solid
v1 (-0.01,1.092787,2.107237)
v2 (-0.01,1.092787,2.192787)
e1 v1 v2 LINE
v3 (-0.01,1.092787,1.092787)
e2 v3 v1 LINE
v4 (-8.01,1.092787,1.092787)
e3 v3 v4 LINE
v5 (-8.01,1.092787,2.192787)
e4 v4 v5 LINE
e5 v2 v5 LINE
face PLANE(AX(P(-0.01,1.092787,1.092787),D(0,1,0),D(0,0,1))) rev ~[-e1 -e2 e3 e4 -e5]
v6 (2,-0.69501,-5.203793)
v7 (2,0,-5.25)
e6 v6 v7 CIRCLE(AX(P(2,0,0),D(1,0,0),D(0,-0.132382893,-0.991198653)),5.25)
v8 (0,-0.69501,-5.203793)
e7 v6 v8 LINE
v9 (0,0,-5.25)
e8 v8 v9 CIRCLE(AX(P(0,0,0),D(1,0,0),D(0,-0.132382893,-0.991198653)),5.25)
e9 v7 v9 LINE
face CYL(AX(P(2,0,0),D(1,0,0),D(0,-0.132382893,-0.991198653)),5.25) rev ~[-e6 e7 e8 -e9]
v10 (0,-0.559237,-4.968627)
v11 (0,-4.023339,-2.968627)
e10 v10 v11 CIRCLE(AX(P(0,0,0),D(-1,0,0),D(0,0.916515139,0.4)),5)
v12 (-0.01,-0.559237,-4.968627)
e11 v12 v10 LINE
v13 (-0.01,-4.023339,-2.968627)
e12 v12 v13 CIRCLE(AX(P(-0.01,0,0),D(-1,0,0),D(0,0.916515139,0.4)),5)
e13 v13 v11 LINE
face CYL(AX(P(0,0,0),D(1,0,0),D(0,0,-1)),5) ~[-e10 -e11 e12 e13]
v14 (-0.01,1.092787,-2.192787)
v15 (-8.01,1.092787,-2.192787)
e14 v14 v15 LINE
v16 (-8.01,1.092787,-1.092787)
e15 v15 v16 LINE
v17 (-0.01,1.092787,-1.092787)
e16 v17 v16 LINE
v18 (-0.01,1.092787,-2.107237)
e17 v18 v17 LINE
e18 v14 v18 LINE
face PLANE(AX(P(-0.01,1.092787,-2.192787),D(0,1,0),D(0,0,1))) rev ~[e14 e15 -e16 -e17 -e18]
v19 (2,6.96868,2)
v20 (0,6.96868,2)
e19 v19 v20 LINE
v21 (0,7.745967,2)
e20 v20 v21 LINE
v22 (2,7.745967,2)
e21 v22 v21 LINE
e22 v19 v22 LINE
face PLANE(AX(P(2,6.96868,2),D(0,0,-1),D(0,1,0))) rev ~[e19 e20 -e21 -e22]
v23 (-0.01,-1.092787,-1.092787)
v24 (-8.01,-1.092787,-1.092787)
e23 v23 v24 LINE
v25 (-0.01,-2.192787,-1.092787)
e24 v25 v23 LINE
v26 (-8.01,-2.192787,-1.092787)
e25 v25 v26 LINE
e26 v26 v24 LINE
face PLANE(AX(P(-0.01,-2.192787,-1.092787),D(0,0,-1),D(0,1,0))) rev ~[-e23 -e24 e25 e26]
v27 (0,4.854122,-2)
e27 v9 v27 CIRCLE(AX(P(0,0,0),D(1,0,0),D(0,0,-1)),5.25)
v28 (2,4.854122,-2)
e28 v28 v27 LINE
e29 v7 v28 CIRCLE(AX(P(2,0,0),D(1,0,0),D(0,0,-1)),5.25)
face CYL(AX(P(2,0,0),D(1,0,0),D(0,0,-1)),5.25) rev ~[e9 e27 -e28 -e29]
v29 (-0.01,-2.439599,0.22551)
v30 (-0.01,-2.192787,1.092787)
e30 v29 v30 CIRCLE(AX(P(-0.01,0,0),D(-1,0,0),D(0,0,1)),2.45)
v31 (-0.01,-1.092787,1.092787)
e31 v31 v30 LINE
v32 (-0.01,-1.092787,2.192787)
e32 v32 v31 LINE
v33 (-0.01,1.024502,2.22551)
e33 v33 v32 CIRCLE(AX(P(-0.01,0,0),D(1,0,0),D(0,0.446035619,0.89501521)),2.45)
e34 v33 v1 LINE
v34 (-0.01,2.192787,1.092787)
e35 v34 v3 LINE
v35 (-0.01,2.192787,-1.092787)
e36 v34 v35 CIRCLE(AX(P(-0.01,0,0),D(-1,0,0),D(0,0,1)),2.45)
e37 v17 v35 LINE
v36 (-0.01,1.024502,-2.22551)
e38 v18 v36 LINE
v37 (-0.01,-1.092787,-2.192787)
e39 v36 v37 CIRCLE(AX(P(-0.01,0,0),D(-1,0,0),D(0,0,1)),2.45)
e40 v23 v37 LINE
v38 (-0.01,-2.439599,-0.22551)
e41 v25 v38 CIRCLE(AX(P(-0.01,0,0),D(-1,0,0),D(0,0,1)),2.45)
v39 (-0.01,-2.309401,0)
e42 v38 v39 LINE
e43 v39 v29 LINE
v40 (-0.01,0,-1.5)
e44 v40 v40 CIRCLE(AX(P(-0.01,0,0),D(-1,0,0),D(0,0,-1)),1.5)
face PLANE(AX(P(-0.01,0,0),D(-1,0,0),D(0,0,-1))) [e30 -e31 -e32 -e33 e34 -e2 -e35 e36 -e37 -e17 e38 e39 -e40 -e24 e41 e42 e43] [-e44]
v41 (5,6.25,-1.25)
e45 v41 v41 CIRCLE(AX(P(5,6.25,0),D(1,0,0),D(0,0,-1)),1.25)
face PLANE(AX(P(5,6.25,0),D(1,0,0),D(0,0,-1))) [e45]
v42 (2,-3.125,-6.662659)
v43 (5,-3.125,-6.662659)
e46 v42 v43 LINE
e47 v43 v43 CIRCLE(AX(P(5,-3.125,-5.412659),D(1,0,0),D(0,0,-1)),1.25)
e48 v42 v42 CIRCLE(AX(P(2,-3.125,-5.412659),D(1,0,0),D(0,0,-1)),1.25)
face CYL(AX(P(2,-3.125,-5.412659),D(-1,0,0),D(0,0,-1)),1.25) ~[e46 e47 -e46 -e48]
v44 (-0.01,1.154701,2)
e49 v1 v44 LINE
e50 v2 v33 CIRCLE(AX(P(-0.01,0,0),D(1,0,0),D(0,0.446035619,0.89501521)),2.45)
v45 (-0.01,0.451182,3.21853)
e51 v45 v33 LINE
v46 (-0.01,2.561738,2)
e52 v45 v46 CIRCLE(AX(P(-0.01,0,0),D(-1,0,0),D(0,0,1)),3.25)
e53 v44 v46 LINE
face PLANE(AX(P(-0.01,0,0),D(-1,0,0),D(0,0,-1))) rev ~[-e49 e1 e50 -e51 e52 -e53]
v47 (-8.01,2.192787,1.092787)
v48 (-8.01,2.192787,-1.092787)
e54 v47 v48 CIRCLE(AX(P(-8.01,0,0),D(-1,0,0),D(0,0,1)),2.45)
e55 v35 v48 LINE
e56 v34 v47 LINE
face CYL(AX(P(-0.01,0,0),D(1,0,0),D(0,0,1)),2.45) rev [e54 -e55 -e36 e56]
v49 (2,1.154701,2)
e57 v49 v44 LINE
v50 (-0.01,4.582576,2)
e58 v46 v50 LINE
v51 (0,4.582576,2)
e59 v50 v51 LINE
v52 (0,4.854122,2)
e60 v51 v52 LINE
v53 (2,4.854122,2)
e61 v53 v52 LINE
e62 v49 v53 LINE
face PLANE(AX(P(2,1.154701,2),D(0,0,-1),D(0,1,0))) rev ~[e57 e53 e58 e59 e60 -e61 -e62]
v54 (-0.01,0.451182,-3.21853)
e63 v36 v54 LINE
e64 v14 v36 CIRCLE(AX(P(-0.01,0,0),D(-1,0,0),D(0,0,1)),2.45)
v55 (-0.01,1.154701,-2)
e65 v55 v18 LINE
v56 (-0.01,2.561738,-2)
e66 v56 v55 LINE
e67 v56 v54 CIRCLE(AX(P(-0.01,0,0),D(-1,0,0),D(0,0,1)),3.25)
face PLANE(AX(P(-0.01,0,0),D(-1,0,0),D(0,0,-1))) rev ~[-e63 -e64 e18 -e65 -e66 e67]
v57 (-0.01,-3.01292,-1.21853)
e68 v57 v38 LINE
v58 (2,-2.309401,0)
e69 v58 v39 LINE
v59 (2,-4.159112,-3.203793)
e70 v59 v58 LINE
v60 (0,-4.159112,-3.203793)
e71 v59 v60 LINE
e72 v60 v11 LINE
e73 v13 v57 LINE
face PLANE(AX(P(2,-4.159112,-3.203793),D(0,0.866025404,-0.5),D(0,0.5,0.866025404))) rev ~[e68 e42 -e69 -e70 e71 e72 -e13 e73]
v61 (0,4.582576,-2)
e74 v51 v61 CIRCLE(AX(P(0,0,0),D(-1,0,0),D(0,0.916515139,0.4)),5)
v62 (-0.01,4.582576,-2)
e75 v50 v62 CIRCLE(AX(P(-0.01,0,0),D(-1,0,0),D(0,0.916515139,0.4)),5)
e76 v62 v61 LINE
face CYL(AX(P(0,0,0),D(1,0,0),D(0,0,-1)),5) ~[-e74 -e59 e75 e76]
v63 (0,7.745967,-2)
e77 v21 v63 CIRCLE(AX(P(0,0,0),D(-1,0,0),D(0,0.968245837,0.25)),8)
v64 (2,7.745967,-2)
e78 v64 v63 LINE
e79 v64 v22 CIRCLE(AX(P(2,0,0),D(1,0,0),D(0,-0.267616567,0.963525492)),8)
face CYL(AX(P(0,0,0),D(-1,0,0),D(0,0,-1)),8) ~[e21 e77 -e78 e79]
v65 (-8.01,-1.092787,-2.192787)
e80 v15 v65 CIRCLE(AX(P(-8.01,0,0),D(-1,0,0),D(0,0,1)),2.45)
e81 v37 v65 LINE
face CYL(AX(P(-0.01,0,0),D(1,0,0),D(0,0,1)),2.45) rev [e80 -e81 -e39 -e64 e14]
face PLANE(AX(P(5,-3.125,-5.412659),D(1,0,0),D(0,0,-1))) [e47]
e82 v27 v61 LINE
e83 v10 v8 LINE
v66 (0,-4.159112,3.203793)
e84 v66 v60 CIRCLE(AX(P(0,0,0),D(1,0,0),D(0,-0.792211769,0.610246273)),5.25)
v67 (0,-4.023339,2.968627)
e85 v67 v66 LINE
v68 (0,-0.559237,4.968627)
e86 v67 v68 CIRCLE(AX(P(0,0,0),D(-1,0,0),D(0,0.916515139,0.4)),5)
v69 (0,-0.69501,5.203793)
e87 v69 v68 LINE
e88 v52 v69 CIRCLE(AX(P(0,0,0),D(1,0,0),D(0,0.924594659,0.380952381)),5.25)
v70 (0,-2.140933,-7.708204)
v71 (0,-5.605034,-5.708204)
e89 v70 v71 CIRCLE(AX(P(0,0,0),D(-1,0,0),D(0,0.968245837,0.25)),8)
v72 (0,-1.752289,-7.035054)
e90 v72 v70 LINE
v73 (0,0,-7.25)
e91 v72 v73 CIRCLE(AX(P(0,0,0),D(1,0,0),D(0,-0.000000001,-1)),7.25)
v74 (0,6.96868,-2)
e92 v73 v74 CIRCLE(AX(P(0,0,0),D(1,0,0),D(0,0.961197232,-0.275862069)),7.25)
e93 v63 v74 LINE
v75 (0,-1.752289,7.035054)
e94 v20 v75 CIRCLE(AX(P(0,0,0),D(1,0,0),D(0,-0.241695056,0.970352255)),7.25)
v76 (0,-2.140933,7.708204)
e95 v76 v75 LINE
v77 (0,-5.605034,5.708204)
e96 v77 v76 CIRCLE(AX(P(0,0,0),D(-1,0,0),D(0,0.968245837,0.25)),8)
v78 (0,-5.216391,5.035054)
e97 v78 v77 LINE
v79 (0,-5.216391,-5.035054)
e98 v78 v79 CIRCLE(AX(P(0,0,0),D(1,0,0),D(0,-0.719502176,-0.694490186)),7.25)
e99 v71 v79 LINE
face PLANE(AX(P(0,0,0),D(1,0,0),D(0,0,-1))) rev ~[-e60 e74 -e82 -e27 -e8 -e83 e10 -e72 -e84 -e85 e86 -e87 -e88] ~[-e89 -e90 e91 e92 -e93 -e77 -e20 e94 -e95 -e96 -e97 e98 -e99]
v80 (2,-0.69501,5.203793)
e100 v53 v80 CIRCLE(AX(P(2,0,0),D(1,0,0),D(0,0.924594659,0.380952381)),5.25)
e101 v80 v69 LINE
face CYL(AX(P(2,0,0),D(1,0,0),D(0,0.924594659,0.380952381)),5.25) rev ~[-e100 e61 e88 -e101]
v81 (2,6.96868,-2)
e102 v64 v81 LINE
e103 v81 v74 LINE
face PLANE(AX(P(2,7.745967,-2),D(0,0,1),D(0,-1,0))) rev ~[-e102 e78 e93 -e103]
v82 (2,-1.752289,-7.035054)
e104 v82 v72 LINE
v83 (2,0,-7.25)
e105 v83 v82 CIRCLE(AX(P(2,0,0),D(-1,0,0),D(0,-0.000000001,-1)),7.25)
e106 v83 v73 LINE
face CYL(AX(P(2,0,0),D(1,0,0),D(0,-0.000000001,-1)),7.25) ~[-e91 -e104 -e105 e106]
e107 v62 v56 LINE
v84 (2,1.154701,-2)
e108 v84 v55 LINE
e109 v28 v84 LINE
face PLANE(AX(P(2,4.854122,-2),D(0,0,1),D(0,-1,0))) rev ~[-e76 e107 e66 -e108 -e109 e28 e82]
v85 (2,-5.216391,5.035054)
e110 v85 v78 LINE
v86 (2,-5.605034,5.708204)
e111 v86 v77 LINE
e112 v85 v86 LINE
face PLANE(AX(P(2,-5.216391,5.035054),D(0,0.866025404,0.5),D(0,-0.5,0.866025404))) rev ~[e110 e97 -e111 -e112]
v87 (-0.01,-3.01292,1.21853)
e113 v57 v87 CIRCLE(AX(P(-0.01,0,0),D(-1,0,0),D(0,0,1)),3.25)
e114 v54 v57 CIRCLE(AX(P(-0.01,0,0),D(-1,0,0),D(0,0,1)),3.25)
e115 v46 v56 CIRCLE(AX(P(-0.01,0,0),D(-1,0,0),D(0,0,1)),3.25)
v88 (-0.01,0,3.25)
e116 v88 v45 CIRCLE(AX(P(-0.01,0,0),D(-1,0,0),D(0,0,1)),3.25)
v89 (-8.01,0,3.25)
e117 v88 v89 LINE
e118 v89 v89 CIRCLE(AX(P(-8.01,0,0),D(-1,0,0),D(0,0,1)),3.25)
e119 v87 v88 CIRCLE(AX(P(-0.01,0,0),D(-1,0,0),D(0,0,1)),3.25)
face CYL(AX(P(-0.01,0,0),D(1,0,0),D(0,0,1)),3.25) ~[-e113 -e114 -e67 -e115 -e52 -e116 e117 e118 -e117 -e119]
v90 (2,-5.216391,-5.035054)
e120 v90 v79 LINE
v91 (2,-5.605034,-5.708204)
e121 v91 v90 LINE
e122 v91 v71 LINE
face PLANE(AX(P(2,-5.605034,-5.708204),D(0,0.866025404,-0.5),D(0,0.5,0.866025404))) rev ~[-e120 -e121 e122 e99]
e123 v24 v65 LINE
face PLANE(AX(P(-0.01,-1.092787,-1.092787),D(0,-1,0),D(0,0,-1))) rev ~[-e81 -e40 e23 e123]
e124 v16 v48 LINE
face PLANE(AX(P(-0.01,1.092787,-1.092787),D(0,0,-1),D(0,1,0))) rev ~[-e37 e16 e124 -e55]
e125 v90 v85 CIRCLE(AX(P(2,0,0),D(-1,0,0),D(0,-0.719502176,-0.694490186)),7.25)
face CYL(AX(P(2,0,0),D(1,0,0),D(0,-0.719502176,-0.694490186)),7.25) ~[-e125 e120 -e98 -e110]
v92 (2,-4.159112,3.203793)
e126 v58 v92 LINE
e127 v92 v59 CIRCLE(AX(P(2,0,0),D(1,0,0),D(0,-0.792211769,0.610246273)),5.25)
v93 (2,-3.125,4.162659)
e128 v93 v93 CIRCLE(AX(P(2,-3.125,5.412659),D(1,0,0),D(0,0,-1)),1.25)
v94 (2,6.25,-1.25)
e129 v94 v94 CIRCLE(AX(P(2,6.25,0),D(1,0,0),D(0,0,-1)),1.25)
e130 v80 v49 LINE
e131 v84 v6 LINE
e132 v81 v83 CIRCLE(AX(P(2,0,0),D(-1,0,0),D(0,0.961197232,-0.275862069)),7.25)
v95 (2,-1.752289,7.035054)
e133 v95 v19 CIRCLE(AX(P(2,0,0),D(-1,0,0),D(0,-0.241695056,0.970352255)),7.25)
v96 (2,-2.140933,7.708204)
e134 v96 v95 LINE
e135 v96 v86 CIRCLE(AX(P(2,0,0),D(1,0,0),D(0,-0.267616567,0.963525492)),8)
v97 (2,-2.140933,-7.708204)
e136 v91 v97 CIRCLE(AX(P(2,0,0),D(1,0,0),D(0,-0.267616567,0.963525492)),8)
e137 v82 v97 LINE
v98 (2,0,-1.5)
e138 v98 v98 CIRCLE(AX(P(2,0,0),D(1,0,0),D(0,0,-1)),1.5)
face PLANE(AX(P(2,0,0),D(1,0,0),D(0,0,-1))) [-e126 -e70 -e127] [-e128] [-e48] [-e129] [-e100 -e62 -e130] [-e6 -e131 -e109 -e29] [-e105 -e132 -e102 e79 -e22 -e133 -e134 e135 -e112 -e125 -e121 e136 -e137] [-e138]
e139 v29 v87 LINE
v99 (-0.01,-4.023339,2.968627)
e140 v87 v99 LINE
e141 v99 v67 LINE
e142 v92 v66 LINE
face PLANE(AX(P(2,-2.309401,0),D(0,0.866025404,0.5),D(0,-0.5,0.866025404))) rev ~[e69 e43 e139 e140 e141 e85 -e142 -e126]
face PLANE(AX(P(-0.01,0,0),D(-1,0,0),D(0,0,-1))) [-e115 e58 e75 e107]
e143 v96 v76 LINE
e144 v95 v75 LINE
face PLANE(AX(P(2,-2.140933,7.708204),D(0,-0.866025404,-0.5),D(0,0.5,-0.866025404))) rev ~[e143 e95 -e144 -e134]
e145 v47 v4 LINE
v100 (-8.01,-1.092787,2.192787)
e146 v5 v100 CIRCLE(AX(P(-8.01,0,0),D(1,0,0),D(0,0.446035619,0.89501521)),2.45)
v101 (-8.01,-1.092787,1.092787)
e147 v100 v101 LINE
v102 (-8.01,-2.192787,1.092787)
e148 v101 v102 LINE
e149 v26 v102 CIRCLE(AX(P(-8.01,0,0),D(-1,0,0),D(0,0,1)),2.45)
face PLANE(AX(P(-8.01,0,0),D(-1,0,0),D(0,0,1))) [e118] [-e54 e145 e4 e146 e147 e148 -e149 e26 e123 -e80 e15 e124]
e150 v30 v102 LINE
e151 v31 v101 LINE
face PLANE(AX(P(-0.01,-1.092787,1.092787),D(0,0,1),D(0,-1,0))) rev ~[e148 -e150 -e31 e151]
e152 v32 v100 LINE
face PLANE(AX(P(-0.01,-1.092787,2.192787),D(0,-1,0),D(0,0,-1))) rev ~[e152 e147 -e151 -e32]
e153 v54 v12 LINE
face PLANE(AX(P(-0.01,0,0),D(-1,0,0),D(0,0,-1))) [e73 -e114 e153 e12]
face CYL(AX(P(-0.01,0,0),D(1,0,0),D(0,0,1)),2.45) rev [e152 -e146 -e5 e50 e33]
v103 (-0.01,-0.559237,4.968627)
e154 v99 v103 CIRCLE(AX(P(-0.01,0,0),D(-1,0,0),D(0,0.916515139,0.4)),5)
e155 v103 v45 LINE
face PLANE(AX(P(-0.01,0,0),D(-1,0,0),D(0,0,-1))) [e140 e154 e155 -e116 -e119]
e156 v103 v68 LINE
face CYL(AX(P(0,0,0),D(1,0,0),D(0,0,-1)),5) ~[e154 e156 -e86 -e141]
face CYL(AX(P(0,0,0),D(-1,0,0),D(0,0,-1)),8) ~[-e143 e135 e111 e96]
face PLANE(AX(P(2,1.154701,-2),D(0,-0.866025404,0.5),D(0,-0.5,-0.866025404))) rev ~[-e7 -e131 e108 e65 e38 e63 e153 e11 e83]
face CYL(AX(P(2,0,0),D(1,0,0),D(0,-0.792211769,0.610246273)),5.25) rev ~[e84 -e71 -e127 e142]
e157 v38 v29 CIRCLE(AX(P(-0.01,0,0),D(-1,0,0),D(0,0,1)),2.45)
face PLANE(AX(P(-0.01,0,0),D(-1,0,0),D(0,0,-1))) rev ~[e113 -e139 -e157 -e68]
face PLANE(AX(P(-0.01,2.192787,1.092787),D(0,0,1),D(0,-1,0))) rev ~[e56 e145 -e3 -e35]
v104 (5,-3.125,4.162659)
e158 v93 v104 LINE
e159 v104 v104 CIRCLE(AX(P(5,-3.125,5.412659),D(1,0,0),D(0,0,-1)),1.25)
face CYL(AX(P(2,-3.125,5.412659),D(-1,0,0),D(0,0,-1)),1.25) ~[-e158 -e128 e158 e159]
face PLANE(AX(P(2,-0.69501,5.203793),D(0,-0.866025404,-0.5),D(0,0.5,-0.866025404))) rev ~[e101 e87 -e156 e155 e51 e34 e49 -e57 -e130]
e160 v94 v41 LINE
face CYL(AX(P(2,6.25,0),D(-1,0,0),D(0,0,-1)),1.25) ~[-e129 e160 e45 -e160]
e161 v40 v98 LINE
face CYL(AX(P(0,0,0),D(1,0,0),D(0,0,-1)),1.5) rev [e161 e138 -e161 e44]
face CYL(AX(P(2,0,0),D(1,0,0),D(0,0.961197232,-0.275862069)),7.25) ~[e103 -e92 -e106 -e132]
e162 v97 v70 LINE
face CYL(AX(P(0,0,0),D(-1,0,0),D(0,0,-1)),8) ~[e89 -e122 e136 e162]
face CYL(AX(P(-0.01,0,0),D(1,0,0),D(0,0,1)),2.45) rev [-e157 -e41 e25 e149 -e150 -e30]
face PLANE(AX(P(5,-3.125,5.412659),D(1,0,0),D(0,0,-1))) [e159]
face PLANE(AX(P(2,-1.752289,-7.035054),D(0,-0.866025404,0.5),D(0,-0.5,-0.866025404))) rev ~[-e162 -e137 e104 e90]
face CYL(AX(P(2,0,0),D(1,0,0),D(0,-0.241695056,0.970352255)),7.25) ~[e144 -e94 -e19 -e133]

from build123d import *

# Parameters (mm, degrees)
SKETCH_1_R               = 8
EXTRUDE_1_DEPTH          = 2
EXTRUDE_START            = 2
SKETCH_1_3_R             = 1.25
EXTRUDE_2_DEPTH          = 3
SKETCH_2_R               = 5
SKETCH_2_R_2             = 1.5
EXTRUDE_3_DEPTH          = 0.01
SKETCH_3_R               = 3.25
SKETCH_3_R_2             = 2.45
EXTRUDE_4_DEPTH          = 8
CUT_EXTRUDE_1_DEPTH      = 14.862182368
CUT_EXTRUDE_1_DEPTH_BACK = 14.862182368
SKETCH_2_2_R             = 1.5
CUT_EXTRUDE_2_REACH      = 17.106


with BuildPart() as part:
    # 草图1 → 凸台-拉伸1 (new body)
    with BuildSketch(Plane(origin=(0, 0, 0), x_dir=(0, 0, -1), z_dir=(1, 0, 0))):
        Circle(SKETCH_1_R)
    extrude(amount=EXTRUDE_1_DEPTH)

    # 草图1<3> → 凸台-拉伸2 (add)
    with BuildSketch(Plane(origin=(0, 0, 0), x_dir=(0, 0, -1), z_dir=(1, 0, 0)).offset(EXTRUDE_START)):
        with Locations((0, 6.25)):
            Circle(SKETCH_1_3_R)
        with Locations((-5.412658774, -3.125)):
            Circle(SKETCH_1_3_R)
        with Locations((5.412658774, -3.125)):
            Circle(SKETCH_1_3_R)
    extrude(amount=EXTRUDE_2_DEPTH)

    # 草图2 → 凸台-拉伸3 (add)
    with BuildSketch(Plane.ZY):
        with Locations(Location((0, 0, 0), (0, 0, 180))):
            Circle(SKETCH_2_R)
        with Locations(Location((0, 0, 0), (0, 0, 180))):
            Circle(SKETCH_2_R_2, mode=Mode.SUBTRACT)
    extrude(amount=EXTRUDE_3_DEPTH)

    # 草图3 → 凸台-拉伸4 (add)
    # profile 1 of 5: a face of its own
    with BuildSketch(Plane.ZY.offset(0.01)):
        Circle(SKETCH_3_R)
        Circle(SKETCH_3_R_2, mode=Mode.SUBTRACT)
    # profile 2 of 5: a face of its own
    with BuildSketch(Plane.ZY.offset(0.01)):
        with BuildLine():
            ThreePointArc((-1.092787266, 2.192787266), (-1.732411614, 1.732411614), (-2.192787266, 1.092787266))
            Line((-2.192787266, 1.092787266), (-1.092787266, 1.092787266))
            Line((-1.092787266, 1.092787266), (-1.092787266, 2.192787266))
        make_face()
    # profile 3 of 5: a face of its own
    with BuildSketch(Plane.ZY.offset(0.01)):
        with BuildLine():
            Line((-1.092787266, -1.092787266), (-2.192787266, -1.092787266))
            ThreePointArc((-2.192787266, -1.092787266), (-1.732411614, -1.732411614), (-1.092787266, -2.192787266))
            Line((-1.092787266, -2.192787266), (-1.092787266, -1.092787266))
        make_face()
    # profile 4 of 5: a face of its own
    with BuildSketch(Plane.ZY.offset(0.01)):
        with BuildLine():
            Line((2.192787266, -1.092787266), (1.092787266, -1.092787266))
            Line((1.092787266, -1.092787266), (1.092787266, -2.192787266))
            ThreePointArc((1.092787266, -2.192787266), (1.732411614, -1.732411614), (2.192787266, -1.092787266))
        make_face()
    # profile 5 of 5: a face of its own
    with BuildSketch(Plane.ZY.offset(0.01)):
        with BuildLine():
            Line((1.092787266, 2.192787266), (1.092787266, 1.092787266))
            Line((1.092787266, 1.092787266), (2.192787266, 1.092787266))
            ThreePointArc((2.192787266, 1.092787266), (1.732411614, 1.732411614), (1.092787266, 2.192787266))
        make_face()
    extrude(amount=EXTRUDE_4_DEPTH)

    # 草图2<2> → 切除-拉伸1 (cut, two sides: drawn at the far end of the back side and taken through both)
    with BuildSketch(Plane.ZY.offset(-CUT_EXTRUDE_1_DEPTH_BACK)):
        with Locations(Location((0, 0, 0), (0, 0, 180))):
            Circle(SKETCH_2_2_R)
    extrude(amount=CUT_EXTRUDE_1_DEPTH + CUT_EXTRUDE_1_DEPTH_BACK, mode=Mode.SUBTRACT)

    # 切除-拉伸2: up to this face of the body (flat: up to its plane)
    cut_extrude_2_end = Plane(part.part.faces().sort_by_distance((-0.01, 0, 4.858578644))[0])
    # 草图4 → 切除-拉伸2 (cut, up to the picked face)
    with BuildSketch(Plane(origin=(2, 0, 0), x_dir=(0, 0, -1), z_dir=(1, 0, 0)), mode=Mode.PRIVATE) as cut_extrude_2_sk1:
        with BuildLine():
            Line((-2, 1.154700538), (-2, 4.85412196))
            ThreePointArc((-2, 4.85412196), (-4.54663337, 2.625), (-5.20379293, -0.695010172))
            Line((-5.20379293, -0.695010172), (-2, 1.154700538))
        make_face()
    cut_extrude_2_tool1 = split(extrude(cut_extrude_2_sk1.sketch, amount=-CUT_EXTRUDE_2_REACH, mode=Mode.PRIVATE), bisect_by=cut_extrude_2_end, keep=Keep.BOTH, mode=Mode.PRIVATE)
    # 草图4 → 切除-拉伸2 (cut, up to the picked face)
    with BuildSketch(Plane(origin=(2, 0, 0), x_dir=(0, 0, -1), z_dir=(1, 0, 0)), mode=Mode.PRIVATE) as cut_extrude_2_sk2:
        with BuildLine():
            Line((2, 1.154700538), (5.20379293, -0.695010172))
            ThreePointArc((5.20379293, -0.695010172), (5.238435496, -0.348272247), (5.25, 0))
            ThreePointArc((5.25, 0), (4.362482092, 2.920830361), (2, 4.85412196))
            Line((2, 4.85412196), (2, 1.154700538))
        make_face()
    cut_extrude_2_tool2 = split(extrude(cut_extrude_2_sk2.sketch, amount=-CUT_EXTRUDE_2_REACH, mode=Mode.PRIVATE), bisect_by=cut_extrude_2_end, keep=Keep.BOTH, mode=Mode.PRIVATE)
    # 草图4 → 切除-拉伸2 (cut, up to the picked face)
    with BuildSketch(Plane(origin=(2, 0, 0), x_dir=(0, 0, -1), z_dir=(1, 0, 0)), mode=Mode.PRIVATE) as cut_extrude_2_sk3:
        with BuildLine():
            ThreePointArc((-3.20379293, -4.159111787), (0, -5.25), (3.20379293, -4.159111787))
            Line((3.20379293, -4.159111787), (0, -2.309401077))
            Line((0, -2.309401077), (-3.20379293, -4.159111787))
        make_face()
    cut_extrude_2_tool3 = split(extrude(cut_extrude_2_sk3.sketch, amount=-CUT_EXTRUDE_2_REACH, mode=Mode.PRIVATE), bisect_by=cut_extrude_2_end, keep=Keep.BOTH, mode=Mode.PRIVATE)
    # 草图4 → 切除-拉伸2 (cut, up to the picked face)
    with BuildSketch(Plane(origin=(2, 0, 0), x_dir=(0, 0, -1), z_dir=(1, 0, 0)), mode=Mode.PRIVATE) as cut_extrude_2_sk4:
        with BuildLine():
            ThreePointArc((-2, 7.745966692), (-6.92820323, 4), (-7.708203932, -2.140932539))
            Line((-7.708203932, -2.140932539), (-7.035053852, -1.752289159))
            ThreePointArc((-7.035053852, -1.752289159), (-6.278684177, 3.625), (-2, 6.968679932))
            Line((-2, 6.968679932), (-2, 7.745966692))
        make_face()
    cut_extrude_2_tool4 = split(extrude(cut_extrude_2_sk4.sketch, amount=-CUT_EXTRUDE_2_REACH, mode=Mode.PRIVATE), bisect_by=cut_extrude_2_end, keep=Keep.BOTH, mode=Mode.PRIVATE)
    # 草图4 → 切除-拉伸2 (cut, up to the picked face)
    with BuildSketch(Plane(origin=(2, 0, 0), x_dir=(0, 0, -1), z_dir=(1, 0, 0)), mode=Mode.PRIVATE) as cut_extrude_2_sk5:
        with BuildLine():
            Line((7.035053852, -1.752289159), (7.708203932, -2.140932539))
            ThreePointArc((7.708203932, -2.140932539), (7.926715318, -1.080363027), (8, 0))
            ThreePointArc((8, 0), (6.32455532, 4.898979486), (2, 7.745966692))
            Line((2, 7.745966692), (2, 6.968679932))
            ThreePointArc((2, 6.968679932), (5.790617411, 4.362482092), (7.25, 0))
            ThreePointArc((7.25, 0), (7.196062827, -0.882711609), (7.035053852, -1.752289159))
        make_face()
    cut_extrude_2_tool5 = split(extrude(cut_extrude_2_sk5.sketch, amount=-CUT_EXTRUDE_2_REACH, mode=Mode.PRIVATE), bisect_by=cut_extrude_2_end, keep=Keep.BOTH, mode=Mode.PRIVATE)
    # 草图4 → 切除-拉伸2 (cut, up to the picked face)
    with BuildSketch(Plane(origin=(2, 0, 0), x_dir=(0, 0, -1), z_dir=(1, 0, 0)), mode=Mode.PRIVATE) as cut_extrude_2_sk6:
        with BuildLine():
            ThreePointArc((-5.708203932, -5.605034154), (0, -8), (5.708203932, -5.605034154))
            Line((5.708203932, -5.605034154), (5.035053852, -5.216390774))
            ThreePointArc((5.035053852, -5.216390774), (0, -7.25), (-5.035053852, -5.216390774))
            Line((-5.035053852, -5.216390774), (-5.708203932, -5.605034154))
        make_face()
    cut_extrude_2_tool6 = split(extrude(cut_extrude_2_sk6.sketch, amount=-CUT_EXTRUDE_2_REACH, mode=Mode.PRIVATE), bisect_by=cut_extrude_2_end, keep=Keep.BOTH, mode=Mode.PRIVATE)
    add(cut_extrude_2_tool1.solids().sort_by(Axis((2, 2.006872, 3.476004), (-1, 0, 0)))[0], mode=Mode.SUBTRACT)
    add(cut_extrude_2_tool2.solids().sort_by(Axis((2, 2.006872, -3.476004), (-1, 0, 0)))[0], mode=Mode.SUBTRACT)
    add(cut_extrude_2_tool3.solids().sort_by(Axis((2, -4.013743, 0), (-1, 0, 0)))[0], mode=Mode.SUBTRACT)
    add(cut_extrude_2_tool4.solids().sort_by(Axis((2, 7.357323, 2.115651), (-1, 0, 0)))[0], mode=Mode.SUBTRACT)
    add(cut_extrude_2_tool5.solids().sort_by(Axis((2, -1.846454, -7.429454), (-1, 0, 0)))[0], mode=Mode.SUBTRACT)
    add(cut_extrude_2_tool6.solids().sort_by(Axis((2, -7.367509, 0), (-1, 0, 0)))[0], mode=Mode.SUBTRACT)


solid = part.part
